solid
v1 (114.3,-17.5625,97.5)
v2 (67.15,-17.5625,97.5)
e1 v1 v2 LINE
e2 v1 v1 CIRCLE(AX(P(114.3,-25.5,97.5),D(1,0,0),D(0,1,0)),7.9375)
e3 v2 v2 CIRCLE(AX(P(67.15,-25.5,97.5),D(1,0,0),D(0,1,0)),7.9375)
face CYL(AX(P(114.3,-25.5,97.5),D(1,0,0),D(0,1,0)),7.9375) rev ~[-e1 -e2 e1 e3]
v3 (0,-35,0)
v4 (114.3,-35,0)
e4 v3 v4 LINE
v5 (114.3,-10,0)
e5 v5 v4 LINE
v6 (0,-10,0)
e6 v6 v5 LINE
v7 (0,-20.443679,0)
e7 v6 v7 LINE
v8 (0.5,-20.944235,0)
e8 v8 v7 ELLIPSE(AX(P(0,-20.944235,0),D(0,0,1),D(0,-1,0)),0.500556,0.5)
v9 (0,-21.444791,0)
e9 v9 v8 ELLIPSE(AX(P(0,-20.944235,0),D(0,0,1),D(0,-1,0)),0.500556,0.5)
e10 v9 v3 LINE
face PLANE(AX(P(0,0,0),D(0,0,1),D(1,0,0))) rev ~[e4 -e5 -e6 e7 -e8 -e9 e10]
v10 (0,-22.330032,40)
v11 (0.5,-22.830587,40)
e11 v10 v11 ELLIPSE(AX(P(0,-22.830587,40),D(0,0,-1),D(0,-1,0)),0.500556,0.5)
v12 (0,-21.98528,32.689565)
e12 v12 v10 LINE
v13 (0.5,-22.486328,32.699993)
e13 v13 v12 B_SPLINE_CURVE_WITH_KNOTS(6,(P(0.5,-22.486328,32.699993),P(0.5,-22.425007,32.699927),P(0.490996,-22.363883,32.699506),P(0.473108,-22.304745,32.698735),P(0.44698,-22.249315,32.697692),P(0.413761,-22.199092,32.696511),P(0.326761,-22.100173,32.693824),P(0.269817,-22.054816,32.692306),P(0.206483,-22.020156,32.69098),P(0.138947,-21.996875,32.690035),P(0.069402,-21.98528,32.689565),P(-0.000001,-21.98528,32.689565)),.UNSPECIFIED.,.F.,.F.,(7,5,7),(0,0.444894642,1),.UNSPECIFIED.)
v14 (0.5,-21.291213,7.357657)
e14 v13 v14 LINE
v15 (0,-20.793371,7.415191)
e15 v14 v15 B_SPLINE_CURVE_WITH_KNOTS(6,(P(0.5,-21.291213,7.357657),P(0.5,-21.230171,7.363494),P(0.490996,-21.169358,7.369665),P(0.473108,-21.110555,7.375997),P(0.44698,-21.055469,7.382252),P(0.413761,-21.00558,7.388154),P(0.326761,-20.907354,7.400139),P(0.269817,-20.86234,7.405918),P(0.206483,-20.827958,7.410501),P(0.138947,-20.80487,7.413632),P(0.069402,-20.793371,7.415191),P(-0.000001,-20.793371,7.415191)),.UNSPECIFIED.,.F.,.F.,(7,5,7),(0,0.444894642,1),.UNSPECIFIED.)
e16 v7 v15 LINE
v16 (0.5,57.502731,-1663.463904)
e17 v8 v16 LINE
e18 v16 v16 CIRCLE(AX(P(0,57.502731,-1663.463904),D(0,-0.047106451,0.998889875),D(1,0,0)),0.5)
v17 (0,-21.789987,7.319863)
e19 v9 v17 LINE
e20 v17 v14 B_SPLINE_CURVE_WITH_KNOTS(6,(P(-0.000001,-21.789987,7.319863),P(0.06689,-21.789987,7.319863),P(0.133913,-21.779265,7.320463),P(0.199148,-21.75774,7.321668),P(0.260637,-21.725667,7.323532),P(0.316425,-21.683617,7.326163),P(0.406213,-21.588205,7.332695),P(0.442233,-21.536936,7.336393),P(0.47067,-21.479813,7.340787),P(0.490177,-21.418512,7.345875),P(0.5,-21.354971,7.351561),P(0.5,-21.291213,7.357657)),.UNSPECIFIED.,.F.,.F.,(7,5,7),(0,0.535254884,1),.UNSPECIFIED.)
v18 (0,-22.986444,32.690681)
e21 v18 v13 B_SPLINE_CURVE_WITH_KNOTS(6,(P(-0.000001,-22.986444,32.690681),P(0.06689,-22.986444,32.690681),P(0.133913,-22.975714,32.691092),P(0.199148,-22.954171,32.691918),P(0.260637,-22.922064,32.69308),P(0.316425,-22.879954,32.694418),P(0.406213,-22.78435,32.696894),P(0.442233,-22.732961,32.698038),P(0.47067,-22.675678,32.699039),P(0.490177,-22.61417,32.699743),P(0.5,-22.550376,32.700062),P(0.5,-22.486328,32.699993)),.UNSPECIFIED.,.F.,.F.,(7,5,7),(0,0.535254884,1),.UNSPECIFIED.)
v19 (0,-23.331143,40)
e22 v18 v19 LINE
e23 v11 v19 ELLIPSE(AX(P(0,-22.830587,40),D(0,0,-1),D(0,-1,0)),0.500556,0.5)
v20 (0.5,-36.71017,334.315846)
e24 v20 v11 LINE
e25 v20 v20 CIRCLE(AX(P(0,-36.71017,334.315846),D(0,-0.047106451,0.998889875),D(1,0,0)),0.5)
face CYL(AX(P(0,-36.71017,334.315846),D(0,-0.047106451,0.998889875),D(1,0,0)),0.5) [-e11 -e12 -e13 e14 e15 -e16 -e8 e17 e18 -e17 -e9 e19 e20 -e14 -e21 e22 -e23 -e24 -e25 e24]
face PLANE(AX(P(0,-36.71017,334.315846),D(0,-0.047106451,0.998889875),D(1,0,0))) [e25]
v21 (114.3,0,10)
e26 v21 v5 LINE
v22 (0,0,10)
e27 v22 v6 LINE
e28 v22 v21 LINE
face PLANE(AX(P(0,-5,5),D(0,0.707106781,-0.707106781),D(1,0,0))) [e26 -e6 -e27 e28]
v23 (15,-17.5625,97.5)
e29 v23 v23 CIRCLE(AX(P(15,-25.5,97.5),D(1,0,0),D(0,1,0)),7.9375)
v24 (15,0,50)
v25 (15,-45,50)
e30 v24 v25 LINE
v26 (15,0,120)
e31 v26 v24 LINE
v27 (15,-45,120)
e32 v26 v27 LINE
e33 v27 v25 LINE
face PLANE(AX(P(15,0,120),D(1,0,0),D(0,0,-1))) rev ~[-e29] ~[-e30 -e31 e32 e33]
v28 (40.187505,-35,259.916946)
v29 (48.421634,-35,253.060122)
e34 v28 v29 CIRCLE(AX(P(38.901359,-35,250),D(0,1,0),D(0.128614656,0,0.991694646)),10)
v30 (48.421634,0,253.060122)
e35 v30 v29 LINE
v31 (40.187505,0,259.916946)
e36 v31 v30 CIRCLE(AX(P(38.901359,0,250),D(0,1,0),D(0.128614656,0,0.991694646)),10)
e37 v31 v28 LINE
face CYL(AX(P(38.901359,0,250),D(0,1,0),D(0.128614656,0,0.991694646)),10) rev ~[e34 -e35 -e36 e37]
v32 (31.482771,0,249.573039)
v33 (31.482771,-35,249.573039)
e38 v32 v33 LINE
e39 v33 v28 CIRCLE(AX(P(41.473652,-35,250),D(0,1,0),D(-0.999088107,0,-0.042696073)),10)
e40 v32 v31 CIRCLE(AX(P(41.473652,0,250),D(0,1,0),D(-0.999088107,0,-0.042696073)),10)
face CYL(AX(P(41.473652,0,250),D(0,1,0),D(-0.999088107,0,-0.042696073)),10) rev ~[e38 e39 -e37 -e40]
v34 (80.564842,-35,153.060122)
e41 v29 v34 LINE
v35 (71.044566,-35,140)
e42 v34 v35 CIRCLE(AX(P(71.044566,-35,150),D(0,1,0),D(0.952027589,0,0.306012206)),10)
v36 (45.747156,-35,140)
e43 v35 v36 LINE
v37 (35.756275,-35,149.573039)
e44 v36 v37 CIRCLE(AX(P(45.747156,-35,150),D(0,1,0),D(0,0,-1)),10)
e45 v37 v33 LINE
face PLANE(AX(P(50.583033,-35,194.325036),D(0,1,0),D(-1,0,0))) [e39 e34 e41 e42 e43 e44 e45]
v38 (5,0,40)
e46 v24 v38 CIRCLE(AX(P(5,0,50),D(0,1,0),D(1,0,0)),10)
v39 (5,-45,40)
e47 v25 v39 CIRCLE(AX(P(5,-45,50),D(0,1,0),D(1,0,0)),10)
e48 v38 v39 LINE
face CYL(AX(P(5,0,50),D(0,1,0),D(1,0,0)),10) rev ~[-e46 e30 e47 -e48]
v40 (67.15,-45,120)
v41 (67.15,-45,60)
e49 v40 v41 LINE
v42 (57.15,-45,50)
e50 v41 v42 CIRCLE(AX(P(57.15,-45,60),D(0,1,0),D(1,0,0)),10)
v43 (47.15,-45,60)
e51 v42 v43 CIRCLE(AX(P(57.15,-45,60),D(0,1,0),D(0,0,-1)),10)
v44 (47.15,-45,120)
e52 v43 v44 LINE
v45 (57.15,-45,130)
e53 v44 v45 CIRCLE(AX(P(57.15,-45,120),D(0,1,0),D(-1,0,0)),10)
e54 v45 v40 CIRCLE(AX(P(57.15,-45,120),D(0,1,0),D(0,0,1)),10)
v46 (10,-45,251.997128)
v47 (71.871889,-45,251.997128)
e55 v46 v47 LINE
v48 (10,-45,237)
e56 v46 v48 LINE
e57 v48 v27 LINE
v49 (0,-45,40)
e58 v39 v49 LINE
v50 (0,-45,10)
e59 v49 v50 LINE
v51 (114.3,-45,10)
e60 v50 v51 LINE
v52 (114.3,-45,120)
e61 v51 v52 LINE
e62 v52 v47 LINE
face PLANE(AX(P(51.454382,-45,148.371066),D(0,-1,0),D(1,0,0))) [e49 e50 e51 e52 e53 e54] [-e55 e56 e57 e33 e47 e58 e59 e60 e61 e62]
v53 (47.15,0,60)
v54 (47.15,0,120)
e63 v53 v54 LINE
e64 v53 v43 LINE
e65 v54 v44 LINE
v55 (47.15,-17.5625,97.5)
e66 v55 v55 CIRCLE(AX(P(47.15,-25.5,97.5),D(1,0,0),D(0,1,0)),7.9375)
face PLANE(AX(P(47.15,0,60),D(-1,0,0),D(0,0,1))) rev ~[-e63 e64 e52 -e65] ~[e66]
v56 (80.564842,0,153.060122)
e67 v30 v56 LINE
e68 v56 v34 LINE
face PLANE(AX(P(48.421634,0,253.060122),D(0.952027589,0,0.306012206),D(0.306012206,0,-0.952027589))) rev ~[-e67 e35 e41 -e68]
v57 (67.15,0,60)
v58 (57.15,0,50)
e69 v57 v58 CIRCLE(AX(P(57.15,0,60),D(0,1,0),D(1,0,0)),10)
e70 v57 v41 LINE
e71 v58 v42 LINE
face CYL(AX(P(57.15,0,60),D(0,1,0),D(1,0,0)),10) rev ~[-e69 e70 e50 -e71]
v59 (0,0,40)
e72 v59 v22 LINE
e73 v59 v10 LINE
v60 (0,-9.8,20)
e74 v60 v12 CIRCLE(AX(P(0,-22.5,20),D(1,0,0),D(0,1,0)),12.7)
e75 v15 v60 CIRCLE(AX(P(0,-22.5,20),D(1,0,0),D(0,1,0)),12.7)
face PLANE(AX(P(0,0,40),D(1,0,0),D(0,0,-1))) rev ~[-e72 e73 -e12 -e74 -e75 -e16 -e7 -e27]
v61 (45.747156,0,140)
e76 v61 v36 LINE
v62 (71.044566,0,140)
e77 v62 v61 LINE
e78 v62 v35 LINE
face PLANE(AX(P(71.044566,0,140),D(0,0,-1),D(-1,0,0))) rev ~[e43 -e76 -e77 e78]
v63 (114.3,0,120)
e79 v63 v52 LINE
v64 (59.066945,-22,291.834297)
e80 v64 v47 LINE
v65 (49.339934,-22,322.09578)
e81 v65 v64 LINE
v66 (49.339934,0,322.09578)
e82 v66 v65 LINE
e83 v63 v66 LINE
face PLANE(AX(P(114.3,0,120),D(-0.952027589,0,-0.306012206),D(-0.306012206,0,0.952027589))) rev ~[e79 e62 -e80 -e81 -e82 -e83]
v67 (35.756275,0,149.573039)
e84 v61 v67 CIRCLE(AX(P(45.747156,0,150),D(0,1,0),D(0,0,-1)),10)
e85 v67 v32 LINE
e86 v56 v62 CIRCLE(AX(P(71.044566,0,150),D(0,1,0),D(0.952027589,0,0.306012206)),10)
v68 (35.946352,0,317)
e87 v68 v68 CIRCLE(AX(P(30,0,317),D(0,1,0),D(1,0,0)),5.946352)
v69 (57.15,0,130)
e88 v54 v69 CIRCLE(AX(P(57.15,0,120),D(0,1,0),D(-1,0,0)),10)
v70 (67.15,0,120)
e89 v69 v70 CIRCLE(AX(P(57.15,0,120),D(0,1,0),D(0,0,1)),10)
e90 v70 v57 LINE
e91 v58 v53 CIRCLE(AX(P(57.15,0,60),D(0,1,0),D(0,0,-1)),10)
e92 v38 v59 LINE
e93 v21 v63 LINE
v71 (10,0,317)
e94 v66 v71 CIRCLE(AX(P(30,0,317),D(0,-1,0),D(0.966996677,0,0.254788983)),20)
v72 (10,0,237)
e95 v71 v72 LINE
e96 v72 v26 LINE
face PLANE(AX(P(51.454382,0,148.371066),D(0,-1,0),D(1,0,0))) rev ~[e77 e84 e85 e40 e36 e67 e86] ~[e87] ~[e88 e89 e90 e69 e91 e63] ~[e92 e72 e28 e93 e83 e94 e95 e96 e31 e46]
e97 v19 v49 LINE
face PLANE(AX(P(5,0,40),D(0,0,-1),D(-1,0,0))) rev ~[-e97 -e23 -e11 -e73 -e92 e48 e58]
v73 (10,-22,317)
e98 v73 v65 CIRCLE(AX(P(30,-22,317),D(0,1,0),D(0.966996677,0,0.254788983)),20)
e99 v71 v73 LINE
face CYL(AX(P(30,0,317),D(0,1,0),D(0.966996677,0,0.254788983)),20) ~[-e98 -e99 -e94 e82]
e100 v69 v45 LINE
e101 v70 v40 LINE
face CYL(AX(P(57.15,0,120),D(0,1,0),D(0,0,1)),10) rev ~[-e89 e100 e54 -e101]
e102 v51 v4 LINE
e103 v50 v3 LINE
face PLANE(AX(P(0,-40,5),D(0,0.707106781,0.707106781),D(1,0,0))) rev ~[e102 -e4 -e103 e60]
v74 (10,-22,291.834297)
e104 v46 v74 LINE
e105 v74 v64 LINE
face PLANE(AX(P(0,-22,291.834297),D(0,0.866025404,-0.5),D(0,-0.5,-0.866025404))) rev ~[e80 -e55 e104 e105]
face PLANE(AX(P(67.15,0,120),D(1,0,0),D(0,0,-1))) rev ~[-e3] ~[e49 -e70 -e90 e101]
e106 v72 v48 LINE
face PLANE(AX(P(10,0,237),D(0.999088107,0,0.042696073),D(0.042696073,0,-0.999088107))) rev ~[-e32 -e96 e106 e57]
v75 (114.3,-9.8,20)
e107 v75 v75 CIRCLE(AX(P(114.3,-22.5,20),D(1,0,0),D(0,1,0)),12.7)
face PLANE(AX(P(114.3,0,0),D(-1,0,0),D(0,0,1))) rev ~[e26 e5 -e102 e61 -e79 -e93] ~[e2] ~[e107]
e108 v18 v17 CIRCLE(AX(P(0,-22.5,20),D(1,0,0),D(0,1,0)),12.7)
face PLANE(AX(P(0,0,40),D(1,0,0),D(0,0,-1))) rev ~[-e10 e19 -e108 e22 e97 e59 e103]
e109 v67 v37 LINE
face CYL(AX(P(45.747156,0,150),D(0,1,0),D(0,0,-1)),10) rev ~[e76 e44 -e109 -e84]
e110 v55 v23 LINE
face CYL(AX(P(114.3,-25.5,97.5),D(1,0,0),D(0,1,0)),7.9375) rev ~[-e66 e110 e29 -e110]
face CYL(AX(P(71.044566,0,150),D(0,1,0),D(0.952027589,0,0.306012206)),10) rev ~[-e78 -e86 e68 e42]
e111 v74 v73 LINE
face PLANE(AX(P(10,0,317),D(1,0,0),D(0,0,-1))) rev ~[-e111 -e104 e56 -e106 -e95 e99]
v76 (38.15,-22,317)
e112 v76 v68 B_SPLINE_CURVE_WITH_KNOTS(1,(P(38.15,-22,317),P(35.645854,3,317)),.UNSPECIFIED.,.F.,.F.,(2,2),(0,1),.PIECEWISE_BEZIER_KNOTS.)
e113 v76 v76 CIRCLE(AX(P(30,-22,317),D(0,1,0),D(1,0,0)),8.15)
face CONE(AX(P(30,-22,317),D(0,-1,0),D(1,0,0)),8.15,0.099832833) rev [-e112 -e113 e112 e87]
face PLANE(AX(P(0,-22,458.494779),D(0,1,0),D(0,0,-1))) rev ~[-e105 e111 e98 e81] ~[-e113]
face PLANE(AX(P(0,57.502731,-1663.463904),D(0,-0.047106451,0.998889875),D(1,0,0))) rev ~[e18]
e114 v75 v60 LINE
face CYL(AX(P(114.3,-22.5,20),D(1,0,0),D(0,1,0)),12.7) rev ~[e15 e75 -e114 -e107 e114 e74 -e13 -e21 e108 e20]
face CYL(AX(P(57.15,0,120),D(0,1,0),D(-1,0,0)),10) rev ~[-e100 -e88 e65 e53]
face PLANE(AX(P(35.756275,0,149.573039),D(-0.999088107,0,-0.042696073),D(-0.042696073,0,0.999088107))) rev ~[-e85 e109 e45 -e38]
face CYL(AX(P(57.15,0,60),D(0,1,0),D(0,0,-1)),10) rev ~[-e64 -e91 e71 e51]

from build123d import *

# Parameters (mm, degrees)
F0_R      = 2.5
F1_DEPTH  = 45
F2_R      = 7.9375
F2_R_2    = 12.7
F3_DEPTH  = 114.301
F5_DEPTH  = 35
F7_DEPTH  = 114.301
F8_SIZE   = 10
F9_R      = 8.15
F10_DEPTH = 25
F10_TAPER = 5.72
F13_R     = 0.5
F14_DEPTH = 2000


with BuildPart() as f1:
    # F0 (on Front) → F1 (new body)
    with BuildSketch(Plane.XZ):
        with BuildLine():
            Line((0, 40), (0, 0))
            Line((0, 0), (114.3, 0))
            Line((114.3, 0), (114.3, 120))
            Line((114.3, 120), (49.3399335472, 322.0957796647))
            ThreePointArc((49.3399335472, 322.0957796647), (27.4308241539, 336.8342969493), (10, 317))
            Line((10, 317), (10, 237))
            Line((10, 237), (15, 120))
            Line((15, 120), (15, 50))
            ThreePointArc((15, 50), (12.0710678119, 42.9289321881), (5, 40))
            Line((5, 40), (0, 40))
        make_face()
        with BuildLine():
            ThreePointArc((57.15, 130), (64.2210678119, 127.0710678119), (67.15, 120))
            Line((67.15, 120), (67.15, 60))
            ThreePointArc((67.15, 60), (64.2210678119, 52.9289321881), (57.15, 50))
            ThreePointArc((57.15, 50), (50.0789321881, 52.9289321881), (47.15, 60))
            Line((47.15, 60), (47.15, 120))
            ThreePointArc((47.15, 120), (50.0789321881, 127.0710678119), (57.15, 130))
        make_face(mode=Mode.SUBTRACT)
        with Locations((30, 317)):
            Circle(F0_R, mode=Mode.SUBTRACT)
    extrude(amount=F1_DEPTH)

    # F2 (on face) → F3 (cut, through all)
    with BuildSketch(Plane.YZ.offset(114.3)):
        with Locations((-25.5, 97.5)):
            Circle(F2_R)
        with Locations((-22.5, 20)):
            Circle(F2_R_2)
    extrude(amount=-F3_DEPTH, mode=Mode.SUBTRACT)

    # F4 (on face) → F5 (cut)
    with BuildSketch(Plane(origin=(0, 0, 0), x_dir=(-1, 0, 0), z_dir=(0, 1, 0))):
        with BuildLine():
            Line((-48.4216344216, 253.0601220633), (-80.5648422415, 153.0601220633))
            ThreePointArc((-80.5648422415, 153.0601220633), (-79.1254456583, 144.1093812139), (-71.0445663549, 140))
            Line((-71.0445663549, 140), (-45.7471559309, 140))
            ThreePointArc((-45.7471559309, 140), (-38.828688156, 142.7795565477), (-35.7562748619, 149.5730392706))
            Line((-35.7562748619, 149.5730392706), (-31.4827705884, 249.5730392706))
            ThreePointArc((-31.4827705884, 249.5730392706), (-33.8223810432, 256.438793209), (-40.1875050962, 259.9169464566))
            ThreePointArc((-40.1875050962, 259.9169464566), (-45.300475796, 257.6844842559), (-48.4216344216, 253.0601220633))
        make_face()
    extrude(amount=-F5_DEPTH, mode=Mode.SUBTRACT)

    # F6 (on face) → F7 (cut, through all)
    with BuildSketch(Plane(origin=(0, 0, 0), x_dir=(0, -1, 0), z_dir=(-1, 0, 0))):
        Polygon((75.7247351185, 458.4947787785), (22, 458.4947787785), (22, 291.8342969493), (75.7247351185, 198.7803261009), align=None)
    extrude(amount=-F7_DEPTH, mode=Mode.SUBTRACT)

    # F8
    f8_edges = [f1.edges().sort_by_distance(p)[0] for p in [
        (57.15, 0, 0),
        (57.15, -45, 0),
    ]]
    chamfer(f8_edges, length=F8_SIZE)

    # F9 (on face) → F10 (cut)
    with BuildSketch(Plane.XZ.offset(22)):
        with Locations((30, 317)):
            Circle(F9_R)
    extrude(amount=-F10_DEPTH, taper=F10_TAPER, mode=Mode.SUBTRACT)

    # F13 (on line) → F14 (join)
    with BuildSketch(Plane(origin=(0, -15.8124107275, 335.3013597184), x_dir=(1, 0, 0), z_dir=(0, -0.0471064507, 0.998889875))):
        with Locations((0, -20.920984447)):
            Circle(F13_R)
    extrude(amount=-F14_DEPTH)


solid = f1.part
